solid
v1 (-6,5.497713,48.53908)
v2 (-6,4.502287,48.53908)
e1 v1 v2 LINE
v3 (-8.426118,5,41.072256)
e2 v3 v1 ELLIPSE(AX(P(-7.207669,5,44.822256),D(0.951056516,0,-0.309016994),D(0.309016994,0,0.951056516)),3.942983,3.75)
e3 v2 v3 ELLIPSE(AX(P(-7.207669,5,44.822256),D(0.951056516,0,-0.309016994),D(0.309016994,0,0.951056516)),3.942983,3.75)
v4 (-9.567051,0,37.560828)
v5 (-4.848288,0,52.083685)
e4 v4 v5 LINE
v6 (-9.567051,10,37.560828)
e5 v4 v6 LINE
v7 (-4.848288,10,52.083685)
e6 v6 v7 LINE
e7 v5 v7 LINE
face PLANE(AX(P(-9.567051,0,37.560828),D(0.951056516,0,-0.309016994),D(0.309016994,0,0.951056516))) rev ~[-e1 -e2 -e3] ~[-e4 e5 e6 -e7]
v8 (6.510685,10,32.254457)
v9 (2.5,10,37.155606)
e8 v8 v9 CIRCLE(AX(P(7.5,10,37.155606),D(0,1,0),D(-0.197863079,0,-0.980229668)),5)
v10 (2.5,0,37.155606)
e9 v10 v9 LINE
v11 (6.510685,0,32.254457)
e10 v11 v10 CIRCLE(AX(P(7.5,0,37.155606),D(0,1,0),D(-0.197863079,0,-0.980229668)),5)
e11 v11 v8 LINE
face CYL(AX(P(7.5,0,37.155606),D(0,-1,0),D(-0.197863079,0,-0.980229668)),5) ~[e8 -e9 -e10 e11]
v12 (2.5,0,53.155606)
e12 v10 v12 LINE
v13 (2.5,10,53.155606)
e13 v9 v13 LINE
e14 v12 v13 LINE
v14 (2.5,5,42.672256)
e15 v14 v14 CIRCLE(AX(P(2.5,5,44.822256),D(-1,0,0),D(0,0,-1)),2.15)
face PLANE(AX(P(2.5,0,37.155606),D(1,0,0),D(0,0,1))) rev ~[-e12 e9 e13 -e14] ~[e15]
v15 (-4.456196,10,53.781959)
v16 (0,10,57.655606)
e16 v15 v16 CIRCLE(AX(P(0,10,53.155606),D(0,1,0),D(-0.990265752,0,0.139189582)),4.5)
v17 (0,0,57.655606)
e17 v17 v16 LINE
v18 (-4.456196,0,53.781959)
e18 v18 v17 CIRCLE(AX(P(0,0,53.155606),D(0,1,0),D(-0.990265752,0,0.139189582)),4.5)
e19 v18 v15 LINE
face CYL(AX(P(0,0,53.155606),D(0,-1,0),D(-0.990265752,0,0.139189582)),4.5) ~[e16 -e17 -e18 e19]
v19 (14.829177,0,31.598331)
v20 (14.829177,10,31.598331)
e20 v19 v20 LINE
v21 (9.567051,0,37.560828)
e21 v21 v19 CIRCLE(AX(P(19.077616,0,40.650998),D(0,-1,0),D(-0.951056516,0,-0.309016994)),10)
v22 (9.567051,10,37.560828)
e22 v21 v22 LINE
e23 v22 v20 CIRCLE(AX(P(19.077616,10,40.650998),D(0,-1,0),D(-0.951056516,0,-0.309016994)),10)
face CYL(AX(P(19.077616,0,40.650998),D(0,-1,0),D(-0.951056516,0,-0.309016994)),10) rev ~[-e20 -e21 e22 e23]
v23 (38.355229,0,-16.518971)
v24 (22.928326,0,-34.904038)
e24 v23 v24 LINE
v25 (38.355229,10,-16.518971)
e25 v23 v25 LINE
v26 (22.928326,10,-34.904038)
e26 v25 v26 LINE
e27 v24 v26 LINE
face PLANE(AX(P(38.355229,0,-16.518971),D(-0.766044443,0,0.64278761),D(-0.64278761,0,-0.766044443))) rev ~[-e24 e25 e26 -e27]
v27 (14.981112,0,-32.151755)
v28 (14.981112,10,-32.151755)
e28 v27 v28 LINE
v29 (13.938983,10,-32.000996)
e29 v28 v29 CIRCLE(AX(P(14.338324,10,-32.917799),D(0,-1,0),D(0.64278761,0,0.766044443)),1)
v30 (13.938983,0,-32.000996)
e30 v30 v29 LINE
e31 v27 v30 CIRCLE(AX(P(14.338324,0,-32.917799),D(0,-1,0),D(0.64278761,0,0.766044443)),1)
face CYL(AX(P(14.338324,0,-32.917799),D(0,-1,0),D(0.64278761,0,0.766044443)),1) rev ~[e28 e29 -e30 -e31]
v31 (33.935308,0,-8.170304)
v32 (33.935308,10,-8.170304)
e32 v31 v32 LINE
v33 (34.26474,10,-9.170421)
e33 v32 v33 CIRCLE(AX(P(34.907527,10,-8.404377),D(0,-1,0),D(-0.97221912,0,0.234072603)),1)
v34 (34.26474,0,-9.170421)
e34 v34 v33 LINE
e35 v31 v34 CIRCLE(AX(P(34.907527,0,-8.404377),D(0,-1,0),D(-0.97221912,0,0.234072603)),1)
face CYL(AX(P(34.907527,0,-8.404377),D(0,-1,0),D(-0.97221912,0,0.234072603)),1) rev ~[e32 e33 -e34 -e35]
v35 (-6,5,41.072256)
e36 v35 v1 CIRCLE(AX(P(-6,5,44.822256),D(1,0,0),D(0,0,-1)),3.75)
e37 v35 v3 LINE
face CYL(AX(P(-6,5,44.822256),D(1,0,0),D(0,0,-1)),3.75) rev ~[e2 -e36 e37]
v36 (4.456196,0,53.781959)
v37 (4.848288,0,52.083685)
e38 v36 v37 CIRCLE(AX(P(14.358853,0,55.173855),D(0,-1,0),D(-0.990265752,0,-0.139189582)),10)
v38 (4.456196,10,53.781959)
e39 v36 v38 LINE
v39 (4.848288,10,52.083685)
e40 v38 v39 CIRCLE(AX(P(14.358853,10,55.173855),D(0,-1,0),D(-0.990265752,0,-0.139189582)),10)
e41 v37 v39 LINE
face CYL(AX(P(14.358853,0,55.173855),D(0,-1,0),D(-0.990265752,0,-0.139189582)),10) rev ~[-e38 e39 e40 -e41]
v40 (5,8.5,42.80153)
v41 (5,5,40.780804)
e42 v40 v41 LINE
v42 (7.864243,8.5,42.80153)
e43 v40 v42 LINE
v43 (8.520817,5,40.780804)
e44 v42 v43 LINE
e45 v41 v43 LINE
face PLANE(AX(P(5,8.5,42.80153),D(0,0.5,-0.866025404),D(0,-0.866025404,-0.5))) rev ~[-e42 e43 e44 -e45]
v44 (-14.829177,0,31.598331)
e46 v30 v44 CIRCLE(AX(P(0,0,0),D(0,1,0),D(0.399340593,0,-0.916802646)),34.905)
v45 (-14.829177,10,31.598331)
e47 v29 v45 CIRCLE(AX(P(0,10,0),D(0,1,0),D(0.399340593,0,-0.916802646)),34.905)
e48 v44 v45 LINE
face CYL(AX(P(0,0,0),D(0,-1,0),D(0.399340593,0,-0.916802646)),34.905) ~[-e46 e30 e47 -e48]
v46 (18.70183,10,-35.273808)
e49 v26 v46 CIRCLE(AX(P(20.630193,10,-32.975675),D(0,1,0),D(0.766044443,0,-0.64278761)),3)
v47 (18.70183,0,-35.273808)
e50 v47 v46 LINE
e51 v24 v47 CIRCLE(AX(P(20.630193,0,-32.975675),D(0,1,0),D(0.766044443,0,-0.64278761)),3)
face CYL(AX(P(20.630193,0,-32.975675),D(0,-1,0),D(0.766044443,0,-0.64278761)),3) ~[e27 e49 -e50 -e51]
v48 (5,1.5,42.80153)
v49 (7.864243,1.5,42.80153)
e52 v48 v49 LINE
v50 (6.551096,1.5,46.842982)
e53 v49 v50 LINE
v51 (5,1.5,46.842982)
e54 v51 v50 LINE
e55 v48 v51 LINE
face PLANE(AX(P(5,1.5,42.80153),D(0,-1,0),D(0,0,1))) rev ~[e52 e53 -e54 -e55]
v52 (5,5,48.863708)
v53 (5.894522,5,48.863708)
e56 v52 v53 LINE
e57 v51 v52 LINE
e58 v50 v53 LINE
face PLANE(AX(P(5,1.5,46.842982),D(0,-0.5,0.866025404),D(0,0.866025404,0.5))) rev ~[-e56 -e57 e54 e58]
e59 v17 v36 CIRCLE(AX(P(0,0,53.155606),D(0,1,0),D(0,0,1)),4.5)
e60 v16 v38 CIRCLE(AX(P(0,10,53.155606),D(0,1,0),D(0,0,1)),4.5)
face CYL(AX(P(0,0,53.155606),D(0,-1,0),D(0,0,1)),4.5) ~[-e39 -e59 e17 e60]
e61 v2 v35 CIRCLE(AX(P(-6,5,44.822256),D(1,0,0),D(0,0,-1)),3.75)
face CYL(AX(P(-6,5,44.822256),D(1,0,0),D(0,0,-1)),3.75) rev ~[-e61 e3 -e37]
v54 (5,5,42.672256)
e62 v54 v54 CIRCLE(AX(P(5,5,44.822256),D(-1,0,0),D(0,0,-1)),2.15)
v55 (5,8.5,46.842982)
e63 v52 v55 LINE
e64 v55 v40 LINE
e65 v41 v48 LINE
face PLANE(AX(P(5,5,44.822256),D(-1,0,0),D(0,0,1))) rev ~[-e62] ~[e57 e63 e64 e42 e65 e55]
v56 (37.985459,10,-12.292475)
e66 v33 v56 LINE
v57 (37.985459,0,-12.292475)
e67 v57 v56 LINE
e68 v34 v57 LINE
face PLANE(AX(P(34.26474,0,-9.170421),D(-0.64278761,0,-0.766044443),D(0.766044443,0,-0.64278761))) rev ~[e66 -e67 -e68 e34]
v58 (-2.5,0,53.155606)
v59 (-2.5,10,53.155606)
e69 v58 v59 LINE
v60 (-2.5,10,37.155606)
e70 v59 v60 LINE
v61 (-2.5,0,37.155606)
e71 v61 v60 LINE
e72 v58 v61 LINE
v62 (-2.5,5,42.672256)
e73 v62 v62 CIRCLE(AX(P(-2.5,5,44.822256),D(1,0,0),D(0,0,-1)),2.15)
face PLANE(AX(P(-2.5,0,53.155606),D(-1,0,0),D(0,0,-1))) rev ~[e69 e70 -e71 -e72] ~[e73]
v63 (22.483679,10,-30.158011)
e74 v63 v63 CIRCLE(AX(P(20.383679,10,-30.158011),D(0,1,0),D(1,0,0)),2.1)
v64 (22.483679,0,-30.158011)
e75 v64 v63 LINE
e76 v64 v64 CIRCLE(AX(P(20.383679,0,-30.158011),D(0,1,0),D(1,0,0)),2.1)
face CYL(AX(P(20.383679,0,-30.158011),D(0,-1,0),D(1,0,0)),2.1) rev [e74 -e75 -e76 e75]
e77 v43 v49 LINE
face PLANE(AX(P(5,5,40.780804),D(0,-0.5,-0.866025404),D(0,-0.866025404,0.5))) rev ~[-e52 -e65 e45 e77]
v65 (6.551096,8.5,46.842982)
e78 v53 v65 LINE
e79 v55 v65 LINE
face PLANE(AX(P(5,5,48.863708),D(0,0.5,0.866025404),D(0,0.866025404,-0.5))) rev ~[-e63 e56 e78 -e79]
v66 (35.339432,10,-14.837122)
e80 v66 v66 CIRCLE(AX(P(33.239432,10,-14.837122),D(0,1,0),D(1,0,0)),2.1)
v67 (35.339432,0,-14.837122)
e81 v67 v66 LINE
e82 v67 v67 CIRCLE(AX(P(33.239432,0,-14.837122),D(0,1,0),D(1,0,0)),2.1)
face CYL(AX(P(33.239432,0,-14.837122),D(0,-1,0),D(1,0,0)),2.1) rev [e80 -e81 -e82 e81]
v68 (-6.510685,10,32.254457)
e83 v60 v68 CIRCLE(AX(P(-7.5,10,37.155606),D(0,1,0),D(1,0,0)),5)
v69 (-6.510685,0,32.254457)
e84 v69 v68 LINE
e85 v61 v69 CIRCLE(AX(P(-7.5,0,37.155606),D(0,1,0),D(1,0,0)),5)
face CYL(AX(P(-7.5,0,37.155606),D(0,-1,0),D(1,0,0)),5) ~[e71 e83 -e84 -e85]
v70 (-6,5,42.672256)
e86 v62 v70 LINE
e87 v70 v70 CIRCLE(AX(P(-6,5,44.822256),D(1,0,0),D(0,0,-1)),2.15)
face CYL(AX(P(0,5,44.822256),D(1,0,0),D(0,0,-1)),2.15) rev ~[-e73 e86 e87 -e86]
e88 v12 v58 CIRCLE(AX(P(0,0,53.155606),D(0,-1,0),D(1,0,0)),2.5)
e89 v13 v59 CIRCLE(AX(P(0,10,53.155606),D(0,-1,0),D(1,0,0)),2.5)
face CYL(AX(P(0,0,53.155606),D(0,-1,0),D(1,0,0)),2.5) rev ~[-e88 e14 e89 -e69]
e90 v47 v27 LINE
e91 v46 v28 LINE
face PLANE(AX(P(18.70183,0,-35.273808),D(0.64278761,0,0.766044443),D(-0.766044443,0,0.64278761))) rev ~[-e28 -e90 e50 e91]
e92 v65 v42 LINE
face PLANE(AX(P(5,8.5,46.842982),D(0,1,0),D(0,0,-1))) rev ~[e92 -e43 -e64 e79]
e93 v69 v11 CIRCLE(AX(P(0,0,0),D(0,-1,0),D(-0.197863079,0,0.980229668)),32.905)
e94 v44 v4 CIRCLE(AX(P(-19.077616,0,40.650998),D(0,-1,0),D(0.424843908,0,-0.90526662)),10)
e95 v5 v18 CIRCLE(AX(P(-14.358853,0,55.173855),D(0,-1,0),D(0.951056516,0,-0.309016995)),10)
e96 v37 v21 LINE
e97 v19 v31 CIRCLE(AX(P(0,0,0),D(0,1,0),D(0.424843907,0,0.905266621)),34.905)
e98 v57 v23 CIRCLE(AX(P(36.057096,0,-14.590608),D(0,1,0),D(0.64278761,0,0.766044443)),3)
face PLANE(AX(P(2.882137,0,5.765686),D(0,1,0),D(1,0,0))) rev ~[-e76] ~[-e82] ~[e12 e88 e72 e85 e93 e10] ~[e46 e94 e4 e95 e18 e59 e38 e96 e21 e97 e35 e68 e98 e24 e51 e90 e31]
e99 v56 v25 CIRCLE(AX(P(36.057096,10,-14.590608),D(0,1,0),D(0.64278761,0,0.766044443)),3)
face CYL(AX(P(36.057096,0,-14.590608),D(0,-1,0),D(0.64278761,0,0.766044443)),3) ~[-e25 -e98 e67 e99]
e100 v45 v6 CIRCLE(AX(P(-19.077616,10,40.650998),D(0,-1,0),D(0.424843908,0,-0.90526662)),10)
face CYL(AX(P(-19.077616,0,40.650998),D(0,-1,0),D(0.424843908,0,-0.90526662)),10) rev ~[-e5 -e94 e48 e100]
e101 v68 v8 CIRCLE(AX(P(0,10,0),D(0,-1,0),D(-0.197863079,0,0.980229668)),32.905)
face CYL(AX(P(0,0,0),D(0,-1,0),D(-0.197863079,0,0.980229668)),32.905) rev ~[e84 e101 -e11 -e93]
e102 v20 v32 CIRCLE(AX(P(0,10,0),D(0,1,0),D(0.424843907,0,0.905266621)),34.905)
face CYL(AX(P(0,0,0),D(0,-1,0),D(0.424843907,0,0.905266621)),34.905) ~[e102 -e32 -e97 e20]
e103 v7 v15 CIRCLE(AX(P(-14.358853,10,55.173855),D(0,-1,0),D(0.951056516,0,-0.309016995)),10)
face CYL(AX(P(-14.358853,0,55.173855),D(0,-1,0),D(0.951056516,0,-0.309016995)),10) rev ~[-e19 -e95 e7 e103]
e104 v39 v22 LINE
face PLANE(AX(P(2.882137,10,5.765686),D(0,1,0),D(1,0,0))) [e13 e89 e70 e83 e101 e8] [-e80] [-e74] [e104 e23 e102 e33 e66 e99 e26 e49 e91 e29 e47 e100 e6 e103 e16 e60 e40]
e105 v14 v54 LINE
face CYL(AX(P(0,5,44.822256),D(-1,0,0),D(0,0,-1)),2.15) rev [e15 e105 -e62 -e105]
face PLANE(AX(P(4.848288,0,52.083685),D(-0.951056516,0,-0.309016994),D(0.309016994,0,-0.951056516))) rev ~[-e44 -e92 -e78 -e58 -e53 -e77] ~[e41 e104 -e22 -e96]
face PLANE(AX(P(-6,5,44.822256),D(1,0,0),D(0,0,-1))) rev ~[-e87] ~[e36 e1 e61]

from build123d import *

# Parameters (mm, degrees)
SKETCH1_R               = 2.1
BOSS_EXTRUDE1_DEPTH     = 10
SKETCH3_R               = 2.15
CUT_EXTRUDE1_DEPTH      = 10
CUT_EXTRUDE1_DEPTH_BACK = 10
CUT_EXTRUDE2_START      = -6
SKETCH4_R               = 3.75
CUT_EXTRUDE2_DEPTH      = 10
CUT_EXTRUDE3_START      = -2.5
CUT_EXTRUDE3_DEPTH      = 10


with BuildPart() as part:
    # Sketch1 → Boss-Extrude1 (new body)
    with BuildSketch(Plane(origin=(0, 0, 0), x_dir=(1, 0, 0), z_dir=(0, 1, 0))):
        with BuildLine():
            Line((38.355229041, 16.51897107), (22.928326409, 34.904037705))
            ThreePointArc((22.928326409, 34.904037705), (20.891660307, 35.96425897), (18.70183025, 35.273808205))
            Line((18.70183025, 35.273808205), (14.981111589, 32.151754549))
            ThreePointArc((14.981111589, 32.151754549), (14.481497375, 31.928101372), (13.938983386, 32.000996346))
            ThreePointArc((13.938983386, 32.000996346), (-31.802778701, 14.385488935), (-14.829176591, -31.59833139))
            ThreePointArc((-14.829176591, -31.59833139), (-11.579923366, -34.034003552), (-9.567050503, -37.560827652))
            Line((-9.567050503, -37.560827652), (-4.848288245, -52.083684568))
            ThreePointArc((-4.848288245, -52.083684568), (-4.61517148, -52.924262884), (-4.456195885, -53.781958687))
            ThreePointArc((-4.456195885, -53.781958687), (-2.952237368, -56.551823245), (0, -57.655605566))
            ThreePointArc((0, -57.655605566), (2.952237368, -56.551823245), (4.456195885, -53.781958687))
            ThreePointArc((4.456195885, -53.781958687), (4.61517148, -52.924262884), (4.848288245, -52.083684568))
            Line((4.848288245, -52.083684568), (9.567050503, -37.560827652))
            ThreePointArc((9.567050503, -37.560827652), (11.579923366, -34.034003552), (14.829176591, -31.59833139))
            ThreePointArc((14.829176591, -31.59833139), (31.462355963, -15.115527853), (33.935308369, 8.170304209))
            ThreePointArc((33.935308369, 8.170304209), (33.957727399, 8.717234271), (34.264739879, 9.170421255))
            Line((34.264739879, 9.170421255), (37.985458541, 12.292474912))
            ThreePointArc((37.985458541, 12.292474912), (39.045679806, 14.329141013), (38.355229041, 16.51897107))
        make_face()
        with BuildLine():
            Line((-2.5, -53.155605566), (-2.5, -37.155605566))
            ThreePointArc((-2.5, -37.155605566), (-3.630466632, -33.989107261), (-6.510684606, -32.254457226))
            ThreePointArc((-6.510684606, -32.254457226), (0, 32.905), (6.510684606, -32.254457226))
            ThreePointArc((6.510684606, -32.254457226), (3.630466632, -33.989107261), (2.5, -37.155605566))
            Line((2.5, -37.155605566), (2.5, -53.155605566))
            ThreePointArc((2.5, -53.155605566), (0, -55.655605566), (-2.5, -53.155605566))
        make_face(mode=Mode.SUBTRACT)
        with Locations((20.383679412, 30.15801077)):
            Circle(SKETCH1_R, mode=Mode.SUBTRACT)
        with Locations((33.239431606, 14.837121908)):
            Circle(SKETCH1_R, mode=Mode.SUBTRACT)
    extrude(amount=BOSS_EXTRUDE1_DEPTH)

    # Sketch3 → Cut-Extrude1 (cut, two sides)
    with BuildSketch(Plane(origin=(0, 0, 0), x_dir=(0, 0, -1), z_dir=(1, 0, 0))) as cut_extrude1_sk:
        with Locations((-44.82225611, 5)):
            Circle(SKETCH3_R)
    extrude(amount=CUT_EXTRUDE1_DEPTH, mode=Mode.SUBTRACT)
    extrude(cut_extrude1_sk.sketch, amount=-CUT_EXTRUDE1_DEPTH_BACK, mode=Mode.SUBTRACT)

    # Sketch4 → Cut-Extrude2 (cut)
    with BuildSketch(Plane(origin=(0, 0, 0), x_dir=(0, 0, -1), z_dir=(1, 0, 0)).offset(CUT_EXTRUDE2_START)):
        with Locations((-44.82225611, 5)):
            Circle(SKETCH4_R)
    extrude(amount=-CUT_EXTRUDE2_DEPTH, mode=Mode.SUBTRACT)

    # Sketch5 → Cut-Extrude3 (cut)
    with BuildSketch(Plane.ZY.offset(-2.5).offset(CUT_EXTRUDE3_START)):
        Polygon((46.842982052, 8.5), (42.801530168, 8.5), (40.780804226, 5), (42.801530168, 1.5), (46.842982052, 1.5), (48.863707994, 5), align=None)
    extrude(amount=-CUT_EXTRUDE3_DEPTH, mode=Mode.SUBTRACT)


solid = part.part
